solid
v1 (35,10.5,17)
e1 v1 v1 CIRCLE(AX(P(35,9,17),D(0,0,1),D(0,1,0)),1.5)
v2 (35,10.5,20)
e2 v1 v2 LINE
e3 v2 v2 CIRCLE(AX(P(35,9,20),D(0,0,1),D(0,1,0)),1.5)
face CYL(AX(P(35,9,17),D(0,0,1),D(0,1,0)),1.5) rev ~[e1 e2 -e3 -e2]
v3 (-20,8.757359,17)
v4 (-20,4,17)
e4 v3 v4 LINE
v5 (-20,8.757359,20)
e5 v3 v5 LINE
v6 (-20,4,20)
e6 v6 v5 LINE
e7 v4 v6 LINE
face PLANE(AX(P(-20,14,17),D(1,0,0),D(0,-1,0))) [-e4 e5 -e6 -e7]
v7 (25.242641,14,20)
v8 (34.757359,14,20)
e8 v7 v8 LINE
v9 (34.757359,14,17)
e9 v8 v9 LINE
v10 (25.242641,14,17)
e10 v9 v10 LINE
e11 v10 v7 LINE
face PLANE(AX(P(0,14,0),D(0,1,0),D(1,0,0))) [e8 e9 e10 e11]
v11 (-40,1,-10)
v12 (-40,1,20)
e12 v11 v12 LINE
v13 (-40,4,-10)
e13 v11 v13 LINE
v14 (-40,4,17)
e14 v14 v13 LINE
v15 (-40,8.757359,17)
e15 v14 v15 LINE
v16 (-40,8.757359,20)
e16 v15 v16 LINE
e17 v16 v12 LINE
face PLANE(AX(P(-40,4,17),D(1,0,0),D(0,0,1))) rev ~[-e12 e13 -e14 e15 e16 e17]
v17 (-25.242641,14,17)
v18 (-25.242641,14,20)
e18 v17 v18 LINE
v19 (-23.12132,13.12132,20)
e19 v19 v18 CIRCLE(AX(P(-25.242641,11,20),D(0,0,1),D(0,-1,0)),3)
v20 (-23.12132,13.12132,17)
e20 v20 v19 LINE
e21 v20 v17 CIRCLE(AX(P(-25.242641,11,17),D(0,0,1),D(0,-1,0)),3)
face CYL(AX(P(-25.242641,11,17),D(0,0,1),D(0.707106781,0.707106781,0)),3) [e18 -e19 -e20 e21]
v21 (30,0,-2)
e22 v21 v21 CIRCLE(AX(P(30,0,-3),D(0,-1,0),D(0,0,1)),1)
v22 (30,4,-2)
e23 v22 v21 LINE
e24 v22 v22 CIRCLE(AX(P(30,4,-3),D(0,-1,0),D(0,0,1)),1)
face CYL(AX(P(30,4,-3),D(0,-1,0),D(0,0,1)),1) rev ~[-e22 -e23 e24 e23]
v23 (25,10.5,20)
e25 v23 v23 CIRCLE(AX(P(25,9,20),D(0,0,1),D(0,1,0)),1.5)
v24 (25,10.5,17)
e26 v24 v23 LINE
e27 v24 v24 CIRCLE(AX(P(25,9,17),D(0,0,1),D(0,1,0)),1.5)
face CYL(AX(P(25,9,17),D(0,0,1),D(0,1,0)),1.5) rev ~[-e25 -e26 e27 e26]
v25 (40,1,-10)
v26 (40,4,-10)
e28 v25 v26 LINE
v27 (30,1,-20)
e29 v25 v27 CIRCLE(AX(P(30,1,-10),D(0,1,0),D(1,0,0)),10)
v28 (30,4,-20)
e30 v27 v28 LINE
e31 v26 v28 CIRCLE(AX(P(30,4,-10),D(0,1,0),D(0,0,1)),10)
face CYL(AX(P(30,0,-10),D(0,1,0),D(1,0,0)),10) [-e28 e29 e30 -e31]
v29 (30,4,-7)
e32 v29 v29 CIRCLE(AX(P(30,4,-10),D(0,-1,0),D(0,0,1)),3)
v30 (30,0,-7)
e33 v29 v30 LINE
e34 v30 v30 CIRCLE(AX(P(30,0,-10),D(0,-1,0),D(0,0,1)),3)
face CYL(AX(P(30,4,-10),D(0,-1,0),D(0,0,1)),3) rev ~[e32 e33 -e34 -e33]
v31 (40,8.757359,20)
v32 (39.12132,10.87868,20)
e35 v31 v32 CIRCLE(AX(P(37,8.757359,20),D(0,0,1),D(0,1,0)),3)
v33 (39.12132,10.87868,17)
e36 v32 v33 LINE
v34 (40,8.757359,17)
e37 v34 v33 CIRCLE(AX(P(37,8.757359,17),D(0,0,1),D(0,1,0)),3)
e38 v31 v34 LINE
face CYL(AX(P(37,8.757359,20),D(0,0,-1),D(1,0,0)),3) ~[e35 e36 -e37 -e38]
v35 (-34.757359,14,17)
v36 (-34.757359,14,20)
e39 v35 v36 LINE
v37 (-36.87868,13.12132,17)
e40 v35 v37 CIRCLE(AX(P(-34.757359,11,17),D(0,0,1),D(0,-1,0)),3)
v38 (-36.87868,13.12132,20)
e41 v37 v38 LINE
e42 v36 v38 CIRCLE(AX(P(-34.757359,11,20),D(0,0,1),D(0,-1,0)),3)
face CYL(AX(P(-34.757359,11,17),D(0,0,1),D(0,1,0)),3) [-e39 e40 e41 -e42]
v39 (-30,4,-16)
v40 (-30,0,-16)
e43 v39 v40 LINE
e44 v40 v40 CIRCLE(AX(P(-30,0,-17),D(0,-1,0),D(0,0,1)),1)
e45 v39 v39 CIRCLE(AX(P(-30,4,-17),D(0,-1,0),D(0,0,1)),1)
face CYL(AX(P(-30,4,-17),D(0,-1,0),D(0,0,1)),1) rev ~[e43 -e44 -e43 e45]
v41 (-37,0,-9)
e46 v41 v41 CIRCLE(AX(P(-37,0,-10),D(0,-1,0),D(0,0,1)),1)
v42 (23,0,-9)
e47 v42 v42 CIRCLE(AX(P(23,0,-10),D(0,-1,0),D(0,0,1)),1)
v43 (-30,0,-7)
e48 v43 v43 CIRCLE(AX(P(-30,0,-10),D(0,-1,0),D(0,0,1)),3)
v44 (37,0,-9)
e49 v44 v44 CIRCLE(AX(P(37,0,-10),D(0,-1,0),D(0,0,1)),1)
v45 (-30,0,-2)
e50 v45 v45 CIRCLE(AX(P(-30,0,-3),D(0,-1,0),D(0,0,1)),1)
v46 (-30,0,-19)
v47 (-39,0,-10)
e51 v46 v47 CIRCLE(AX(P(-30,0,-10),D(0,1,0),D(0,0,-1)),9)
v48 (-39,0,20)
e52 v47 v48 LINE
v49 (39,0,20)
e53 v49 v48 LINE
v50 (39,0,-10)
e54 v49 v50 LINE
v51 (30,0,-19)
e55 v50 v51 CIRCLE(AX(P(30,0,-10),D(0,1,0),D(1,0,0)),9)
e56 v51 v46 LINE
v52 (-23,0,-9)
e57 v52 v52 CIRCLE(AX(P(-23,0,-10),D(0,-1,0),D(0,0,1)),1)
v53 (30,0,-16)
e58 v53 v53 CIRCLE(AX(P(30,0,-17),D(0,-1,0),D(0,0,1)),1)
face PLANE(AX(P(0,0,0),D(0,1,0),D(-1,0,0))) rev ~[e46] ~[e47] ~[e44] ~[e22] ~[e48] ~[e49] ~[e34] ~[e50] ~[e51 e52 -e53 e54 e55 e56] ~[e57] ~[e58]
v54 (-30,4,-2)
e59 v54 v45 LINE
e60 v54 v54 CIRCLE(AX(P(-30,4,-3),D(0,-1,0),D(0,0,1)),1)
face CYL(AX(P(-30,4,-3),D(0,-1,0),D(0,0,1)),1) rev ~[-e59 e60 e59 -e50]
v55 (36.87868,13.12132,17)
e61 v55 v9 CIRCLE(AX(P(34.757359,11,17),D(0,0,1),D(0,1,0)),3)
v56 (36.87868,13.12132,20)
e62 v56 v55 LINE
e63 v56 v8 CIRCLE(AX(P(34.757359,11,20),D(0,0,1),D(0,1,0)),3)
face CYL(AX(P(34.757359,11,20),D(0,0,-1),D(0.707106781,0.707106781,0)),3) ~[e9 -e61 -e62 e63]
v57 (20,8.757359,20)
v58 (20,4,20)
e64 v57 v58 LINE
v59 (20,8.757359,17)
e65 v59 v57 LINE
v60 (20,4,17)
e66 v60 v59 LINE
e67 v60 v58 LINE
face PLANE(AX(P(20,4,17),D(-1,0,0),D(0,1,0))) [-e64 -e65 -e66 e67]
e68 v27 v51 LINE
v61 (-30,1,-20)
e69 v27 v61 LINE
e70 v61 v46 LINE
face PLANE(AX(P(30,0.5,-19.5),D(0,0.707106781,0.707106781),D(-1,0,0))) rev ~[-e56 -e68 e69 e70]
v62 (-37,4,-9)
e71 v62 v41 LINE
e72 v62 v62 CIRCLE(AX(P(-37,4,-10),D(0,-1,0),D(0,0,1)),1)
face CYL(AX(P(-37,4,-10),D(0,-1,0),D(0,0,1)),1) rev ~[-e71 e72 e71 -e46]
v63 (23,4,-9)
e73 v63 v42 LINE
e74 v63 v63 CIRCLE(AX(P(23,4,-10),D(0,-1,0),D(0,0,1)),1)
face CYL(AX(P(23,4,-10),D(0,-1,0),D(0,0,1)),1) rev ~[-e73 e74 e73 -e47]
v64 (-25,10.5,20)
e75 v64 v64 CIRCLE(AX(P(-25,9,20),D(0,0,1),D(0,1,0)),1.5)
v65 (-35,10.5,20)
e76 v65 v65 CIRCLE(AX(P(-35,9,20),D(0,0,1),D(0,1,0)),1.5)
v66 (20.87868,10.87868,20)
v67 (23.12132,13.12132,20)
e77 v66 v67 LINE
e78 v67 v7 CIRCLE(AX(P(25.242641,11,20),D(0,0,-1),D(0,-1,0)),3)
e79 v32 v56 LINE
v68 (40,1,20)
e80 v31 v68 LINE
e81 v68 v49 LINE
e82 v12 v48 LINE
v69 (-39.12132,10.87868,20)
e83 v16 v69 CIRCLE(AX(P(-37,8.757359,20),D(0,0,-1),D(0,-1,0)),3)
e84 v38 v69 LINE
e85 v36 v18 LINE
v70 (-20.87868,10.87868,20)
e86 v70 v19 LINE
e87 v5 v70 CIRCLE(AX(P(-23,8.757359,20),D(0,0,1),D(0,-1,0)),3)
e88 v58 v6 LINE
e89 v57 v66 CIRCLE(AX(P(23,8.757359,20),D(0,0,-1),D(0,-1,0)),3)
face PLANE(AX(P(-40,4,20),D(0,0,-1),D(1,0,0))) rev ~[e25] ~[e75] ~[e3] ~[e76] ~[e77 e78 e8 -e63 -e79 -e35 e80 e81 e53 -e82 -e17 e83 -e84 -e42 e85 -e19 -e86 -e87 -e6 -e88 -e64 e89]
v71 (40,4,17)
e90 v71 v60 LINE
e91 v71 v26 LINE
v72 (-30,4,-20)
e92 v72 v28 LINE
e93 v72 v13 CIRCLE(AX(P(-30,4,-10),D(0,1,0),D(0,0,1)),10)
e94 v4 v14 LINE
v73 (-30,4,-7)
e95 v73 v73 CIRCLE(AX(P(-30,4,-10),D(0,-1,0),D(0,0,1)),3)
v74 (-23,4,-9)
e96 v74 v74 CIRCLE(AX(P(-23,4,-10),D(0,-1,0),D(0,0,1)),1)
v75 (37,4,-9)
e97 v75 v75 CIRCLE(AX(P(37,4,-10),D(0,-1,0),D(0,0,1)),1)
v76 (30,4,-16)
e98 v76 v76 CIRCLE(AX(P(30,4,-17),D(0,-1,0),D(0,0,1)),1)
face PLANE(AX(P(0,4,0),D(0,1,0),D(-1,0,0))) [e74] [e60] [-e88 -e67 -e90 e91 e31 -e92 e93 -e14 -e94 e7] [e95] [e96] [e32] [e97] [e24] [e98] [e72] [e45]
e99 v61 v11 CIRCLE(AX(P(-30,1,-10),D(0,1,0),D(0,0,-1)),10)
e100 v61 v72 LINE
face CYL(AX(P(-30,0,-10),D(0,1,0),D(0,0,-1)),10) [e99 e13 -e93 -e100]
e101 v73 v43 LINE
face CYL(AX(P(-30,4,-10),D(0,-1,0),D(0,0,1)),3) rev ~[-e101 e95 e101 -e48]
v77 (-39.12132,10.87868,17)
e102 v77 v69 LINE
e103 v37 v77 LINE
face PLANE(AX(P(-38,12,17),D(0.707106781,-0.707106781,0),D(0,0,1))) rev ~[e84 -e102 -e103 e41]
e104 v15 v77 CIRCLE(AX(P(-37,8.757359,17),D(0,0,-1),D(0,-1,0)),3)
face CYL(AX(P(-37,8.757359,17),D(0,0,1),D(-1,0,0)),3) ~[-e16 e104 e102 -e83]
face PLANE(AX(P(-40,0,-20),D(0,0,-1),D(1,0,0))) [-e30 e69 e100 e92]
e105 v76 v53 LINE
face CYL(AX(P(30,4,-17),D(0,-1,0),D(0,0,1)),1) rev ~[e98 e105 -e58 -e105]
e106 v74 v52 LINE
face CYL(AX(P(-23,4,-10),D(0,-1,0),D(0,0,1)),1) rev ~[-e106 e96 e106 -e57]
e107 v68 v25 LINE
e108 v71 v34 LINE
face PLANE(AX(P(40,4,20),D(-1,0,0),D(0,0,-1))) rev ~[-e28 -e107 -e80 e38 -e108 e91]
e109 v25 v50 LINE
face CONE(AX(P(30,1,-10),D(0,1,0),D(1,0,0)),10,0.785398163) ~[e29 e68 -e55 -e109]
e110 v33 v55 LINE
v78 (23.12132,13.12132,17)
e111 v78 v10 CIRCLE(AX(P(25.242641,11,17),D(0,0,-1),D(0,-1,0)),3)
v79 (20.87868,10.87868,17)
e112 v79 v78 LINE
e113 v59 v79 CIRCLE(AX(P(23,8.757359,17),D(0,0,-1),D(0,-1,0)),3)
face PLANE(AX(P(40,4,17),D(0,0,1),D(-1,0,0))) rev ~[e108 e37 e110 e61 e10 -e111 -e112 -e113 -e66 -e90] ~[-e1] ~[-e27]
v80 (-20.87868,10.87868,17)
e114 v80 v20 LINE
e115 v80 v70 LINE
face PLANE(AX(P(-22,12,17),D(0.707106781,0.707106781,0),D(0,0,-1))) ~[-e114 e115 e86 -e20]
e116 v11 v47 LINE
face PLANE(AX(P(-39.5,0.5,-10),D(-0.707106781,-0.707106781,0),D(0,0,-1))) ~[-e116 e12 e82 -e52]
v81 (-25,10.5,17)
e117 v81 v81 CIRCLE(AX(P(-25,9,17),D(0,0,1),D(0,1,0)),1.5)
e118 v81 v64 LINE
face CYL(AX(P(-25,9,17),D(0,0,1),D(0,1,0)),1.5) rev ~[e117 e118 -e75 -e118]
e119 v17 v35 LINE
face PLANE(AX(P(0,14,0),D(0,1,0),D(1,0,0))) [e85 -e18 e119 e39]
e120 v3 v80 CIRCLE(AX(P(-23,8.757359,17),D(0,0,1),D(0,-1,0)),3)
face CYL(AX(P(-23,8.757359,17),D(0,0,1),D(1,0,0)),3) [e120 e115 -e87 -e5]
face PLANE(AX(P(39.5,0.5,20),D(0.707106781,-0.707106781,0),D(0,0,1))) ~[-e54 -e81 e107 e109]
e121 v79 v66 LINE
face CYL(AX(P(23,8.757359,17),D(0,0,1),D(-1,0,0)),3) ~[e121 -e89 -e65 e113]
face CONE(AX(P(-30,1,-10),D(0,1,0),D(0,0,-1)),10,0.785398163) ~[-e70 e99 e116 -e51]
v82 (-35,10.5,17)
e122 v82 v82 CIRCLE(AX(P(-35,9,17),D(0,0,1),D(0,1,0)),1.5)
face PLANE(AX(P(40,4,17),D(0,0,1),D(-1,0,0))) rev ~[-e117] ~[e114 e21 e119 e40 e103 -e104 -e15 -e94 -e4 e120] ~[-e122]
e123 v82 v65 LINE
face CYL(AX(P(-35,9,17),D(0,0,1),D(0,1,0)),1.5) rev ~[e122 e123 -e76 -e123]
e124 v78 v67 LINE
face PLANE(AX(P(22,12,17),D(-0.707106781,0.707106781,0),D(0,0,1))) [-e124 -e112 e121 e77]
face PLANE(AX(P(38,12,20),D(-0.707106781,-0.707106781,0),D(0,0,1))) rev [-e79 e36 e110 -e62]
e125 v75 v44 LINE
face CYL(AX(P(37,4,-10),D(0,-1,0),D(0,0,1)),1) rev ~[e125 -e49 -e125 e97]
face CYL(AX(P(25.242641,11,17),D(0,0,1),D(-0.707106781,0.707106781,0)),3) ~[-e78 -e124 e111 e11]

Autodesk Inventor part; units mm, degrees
ref_plane "YZ Plane" through (0, 0, 0) normal (1, 0, 0) x (0, 1, 0)
ref_plane "XZ Plane" through (0, 0, 0) normal (0, 1, 0) x (-1, 0, 0)
ref_plane "XY Plane" through (0, 0, 0) normal (0, 0, 1) x (1, 0, 0)
sketch "Sketch1" plane through (0, 0, 0) normal (0, 1, 0) x (-1, 0, 0)
  line L0 (56, 0) -> (-56, 0) projected
  line L1 (0, -49) -> (0, 49) projected
  line L2 (40, -20) -> (-40, -20)
  line L3 (-40, -20) -> (-40, 20)
  line L4 (-40, 20) -> (40, 20)
  line L5 (40, 20) -> (40, -20)
  line L6 (27.5, -35) -> (-27.5, -35) construction
  line L7 (-27.5, -35) -> (-27.5, 35) construction
  line L8 (-27.5, 35) -> (27.5, 35) construction
  line L9 (27.5, 35) -> (27.5, -35) construction
  point P0 (0, 0)
  dimension "d0" = 80
  dimension "d1" = 40
  dimension "d2" = 70
  dimension "d3" = 55
extrude "Extrusion1" add sketch "Sketch1" along normal blind 4
sketch "Sketch18" plane through (0, 4, 0) normal (0, 1, 0) x (1, 0, 0)
  line L0 (40, 20) -> (-40, 20) projected
  line L1 (-40, 20) -> (-40, -20) projected
  line L2 (-40, -20) -> (40, -20) projected
  line L3 (40, -20) -> (40, 20) projected
  line L4 (-40, -20) -> (40, -20)
  line L5 (40, -20) -> (40, -17)
  line L6 (40, -17) -> (-40, -17)
  line L7 (-40, -17) -> (-40, -20)
  line L8 (-40, 20) -> (-40, -20) projected
  line L9 (40, -20) -> (40, 20) projected
  line L10 (-40, -20) -> (40, -20) projected
  point P0 (0, 0)
  dimension "d207" = 3
extrude "Extrusion13" add sketch "Sketch18" along normal blind 10 contours L3 L2 L1 L6
sketch "Sketch19" plane through (0, 4, 0) normal (0, 1, 0) x (1, 0, 0)
  line L0 (-40, -17) -> (40, -17) projected
  line L1 (40, -17) -> (40, 20) projected
  line L2 (40, 20) -> (-40, 20) projected
  line L3 (-40, 20) -> (-40, -17) projected
  line L4 (0, 28) -> (0, -28) projected
  point P0 (0, 0)
  point P1 (-30, 10)
  point P2 (30, 10)
  dimension "d210" = 10
  dimension "d211" = 10
hole "Hole9" at (-30, 4, -10) at (30, 4, -10) direction (0, -1, 0) diameter 6 end through all
sketch "Sketch20" plane through (0, 4, 0) normal (0, 1, 0) x (1, 0, 0)
  circle A0 centre (-30, 10) radius 3 projected
  line L0 (-40, -17) -> (40, -17) projected
  line L1 (40, -17) -> (40, 20) projected
  line L2 (40, 20) -> (-40, 20) projected
  line L3 (-40, 20) -> (-40, -17) projected
  line L4 (-30, -17) -> (-30, 20) construction
  line L5 (-40, 20) -> (-40, -17) projected
  line L6 (40, 20) -> (-40, 20) projected
  line L7 (40, -17) -> (-40, -17) projected
  line L8 (-39.3154, 10) -> (-16.7888, 10) construction
  line L9 (0, 28) -> (0, -28) projected
  point P0 (0, 0)
  point P1 (-37, 10)
  point P2 (-23, 10)
  point P3 (-30, 3)
  point P4 (-30, 17)
  point P5 (37, 10)
  point P6 (23, 10)
  point P7 (30, 3)
  point P8 (30, 17)
  dimension "d219" = 7
  dimension "d220" = 7
  dimension "d221" = 7
  dimension "d222" = 7
hole "Hole10" at (-37, 4, -10) at (-23, 4, -10) at (-30, 4, -3) at (-30, 4, -17) at (30, 4, -3) at (37, 4, -10) at (30, 4, -17) at (23, 4, -10) direction (0, -1, 0) diameter 2 end through all
fillet "Fillet11" radius 10 2 edges at (40, 2, -20) (-40, 2, -20)
sketch "Sketch21" plane through (40, 4, 17) normal (0, 0, -1) x (-1, 0, 0)
  line L0 (80, 0) -> (0, 0) projected
  line L1 (80, 0) -> (80, 10) projected
  line L2 (0, 10) -> (80, 10) projected
  line L3 (0, 0) -> (0, 10) projected
  point P0 (40, -4)
  point P1 (5, 5)
  point P2 (75, 5)
  dimension "d232" = 5
  dimension "d233" = 5
  dimension "d234" = 5
  dimension "d235" = 5
hole "Hole11" at (35, 9, 17) at (-35, 9, 17) direction (0, 0, 1) diameter 3 end through all
chamfer "Chamfer5" distance 4 angle 45 2 edges at (-40, 14, 18.5) (40, 14, 18.5)
fillet "Fillet12" radius 3 4 edges at (-36, 14, 18.5) (-40, 10, 18.5) (36, 14, 18.5) (40, 10, 18.5)
sketch "Sketch22" plane through (40, 4, 17) normal (0, 0, -1) x (-1, 0, 0)
  circle A0 centre (5, 5) radius 1.5 projected
  circle A1 centre (75, 5) radius 1.5 projected
  arc A2 (0.8787, 6.8787) -> (0, 4.7574) centre (3, 4.7574) ccw projected
  line L0 (0, 0) -> (0, 4.7574) projected
  line L1 (80, 0) -> (0, 0) projected
  line L2 (80, 0) -> (80, 4.7574) projected
  arc A3 (80, 4.7574) -> (79.1213, 6.8787) centre (77, 4.7574) ccw projected
  line L3 (76.8787, 9.1213) -> (79.1213, 6.8787) projected
  arc A4 (76.8787, 9.1213) -> (74.7574, 10) centre (74.7574, 7) ccw projected
  line L4 (5.2426, 10) -> (74.7574, 10) projected
  arc A5 (5.2426, 10) -> (3.1213, 9.1213) centre (5.2426, 7) ccw projected
  line L5 (0.8787, 6.8787) -> (3.1213, 9.1213) projected
  line L6 (10, 0) -> (70, 0) projected
  line L7 (20, 10) -> (60, 10)
  line L8 (60, 10) -> (60, 0)
  line L9 (60, 0) -> (20, 0)
  line L10 (20, 0) -> (20, 10)
  point P0 (40, -4)
  point P1 (40, 5)
  dimension "d247" = 5
  dimension "d248" = 40
  dimension "d256" = 40
  dimension "d257" = 10
  dimension "d258" = 20
extrude "Extrusion14" cut sketch "Sketch22" against normal up to next contours L4 L8 L1 L10
chamfer "Chamfer6" distance 4 angle 45 2 edges at (-20, 14, 18.5) (20, 14, 18.5)
fillet "Fillet13" radius 3 4 edges at (-24, 14, 18.5) (-20, 10, 18.5) (24, 14, 18.5) (20, 10, 18.5)
sketch "Sketch23" plane through (40, 4, 17) normal (0, 0, -1) x (-1, 0, 0)
  arc A0 (20, 4.7574) -> (19.1213, 6.8787) centre (17, 4.7574) ccw projected
  line L0 (16.8787, 9.1213) -> (19.1213, 6.8787) projected
  arc A1 (16.8787, 9.1213) -> (14.7574, 10) centre (14.7574, 7) ccw projected
  line L1 (5.2426, 10) -> (14.7574, 10) projected
  arc A2 (5.2426, 10) -> (3.1213, 9.1213) centre (5.2426, 7) ccw projected
  line L2 (0.8787, 6.8787) -> (3.1213, 9.1213) projected
  arc A3 (0.8787, 6.8787) -> (0, 4.7574) centre (3, 4.7574) ccw projected
  line L3 (0, 0) -> (0, 4.7574) projected
  line L4 (20, 0) -> (0, 0) projected
  line L5 (20, 0) -> (20, 4.7574) projected
  circle A4 centre (5, 5) radius 1.5 projected
  arc A5 (60.8787, 6.8787) -> (60, 4.7574) centre (63, 4.7574) ccw projected
  line L6 (60, 4.7574) -> (60, 0) projected
  line L7 (80, 0) -> (60, 0) projected
  line L8 (80, 0) -> (80, 4.7574) projected
  arc A6 (80, 4.7574) -> (79.1213, 6.8787) centre (77, 4.7574) ccw projected
  line L9 (76.8787, 9.1213) -> (79.1213, 6.8787) projected
  arc A7 (76.8787, 9.1213) -> (74.7574, 10) centre (74.7574, 7) ccw projected
  line L10 (65.2426, 10) -> (74.7574, 10) projected
  arc A8 (65.2426, 10) -> (63.1213, 9.1213) centre (65.2426, 7) ccw projected
  line L11 (60.8787, 6.8787) -> (63.1213, 9.1213) projected
  circle A9 centre (75, 5) radius 1.5 projected
  point P0 (40, -4)
  point P1 (15, 5)
  point P2 (65, 5)
  dimension "d265" = 5
  dimension "d266" = 5
  dimension "d267" = 5
  dimension "d268" = 5
hole "Hole13" at (25, 9, 17) at (-25, 9, 17) direction (0, 0, 1) diameter 3 end through all
chamfer "Chamfer7" distance 1 angle 45 5 edges at (0, 0, -20) (37.0711, 0, -17.0711) (40, 0, 5) (-37.0711, 0, -17.0711) (-40, 0, 5)
properties part number "body_v3"
